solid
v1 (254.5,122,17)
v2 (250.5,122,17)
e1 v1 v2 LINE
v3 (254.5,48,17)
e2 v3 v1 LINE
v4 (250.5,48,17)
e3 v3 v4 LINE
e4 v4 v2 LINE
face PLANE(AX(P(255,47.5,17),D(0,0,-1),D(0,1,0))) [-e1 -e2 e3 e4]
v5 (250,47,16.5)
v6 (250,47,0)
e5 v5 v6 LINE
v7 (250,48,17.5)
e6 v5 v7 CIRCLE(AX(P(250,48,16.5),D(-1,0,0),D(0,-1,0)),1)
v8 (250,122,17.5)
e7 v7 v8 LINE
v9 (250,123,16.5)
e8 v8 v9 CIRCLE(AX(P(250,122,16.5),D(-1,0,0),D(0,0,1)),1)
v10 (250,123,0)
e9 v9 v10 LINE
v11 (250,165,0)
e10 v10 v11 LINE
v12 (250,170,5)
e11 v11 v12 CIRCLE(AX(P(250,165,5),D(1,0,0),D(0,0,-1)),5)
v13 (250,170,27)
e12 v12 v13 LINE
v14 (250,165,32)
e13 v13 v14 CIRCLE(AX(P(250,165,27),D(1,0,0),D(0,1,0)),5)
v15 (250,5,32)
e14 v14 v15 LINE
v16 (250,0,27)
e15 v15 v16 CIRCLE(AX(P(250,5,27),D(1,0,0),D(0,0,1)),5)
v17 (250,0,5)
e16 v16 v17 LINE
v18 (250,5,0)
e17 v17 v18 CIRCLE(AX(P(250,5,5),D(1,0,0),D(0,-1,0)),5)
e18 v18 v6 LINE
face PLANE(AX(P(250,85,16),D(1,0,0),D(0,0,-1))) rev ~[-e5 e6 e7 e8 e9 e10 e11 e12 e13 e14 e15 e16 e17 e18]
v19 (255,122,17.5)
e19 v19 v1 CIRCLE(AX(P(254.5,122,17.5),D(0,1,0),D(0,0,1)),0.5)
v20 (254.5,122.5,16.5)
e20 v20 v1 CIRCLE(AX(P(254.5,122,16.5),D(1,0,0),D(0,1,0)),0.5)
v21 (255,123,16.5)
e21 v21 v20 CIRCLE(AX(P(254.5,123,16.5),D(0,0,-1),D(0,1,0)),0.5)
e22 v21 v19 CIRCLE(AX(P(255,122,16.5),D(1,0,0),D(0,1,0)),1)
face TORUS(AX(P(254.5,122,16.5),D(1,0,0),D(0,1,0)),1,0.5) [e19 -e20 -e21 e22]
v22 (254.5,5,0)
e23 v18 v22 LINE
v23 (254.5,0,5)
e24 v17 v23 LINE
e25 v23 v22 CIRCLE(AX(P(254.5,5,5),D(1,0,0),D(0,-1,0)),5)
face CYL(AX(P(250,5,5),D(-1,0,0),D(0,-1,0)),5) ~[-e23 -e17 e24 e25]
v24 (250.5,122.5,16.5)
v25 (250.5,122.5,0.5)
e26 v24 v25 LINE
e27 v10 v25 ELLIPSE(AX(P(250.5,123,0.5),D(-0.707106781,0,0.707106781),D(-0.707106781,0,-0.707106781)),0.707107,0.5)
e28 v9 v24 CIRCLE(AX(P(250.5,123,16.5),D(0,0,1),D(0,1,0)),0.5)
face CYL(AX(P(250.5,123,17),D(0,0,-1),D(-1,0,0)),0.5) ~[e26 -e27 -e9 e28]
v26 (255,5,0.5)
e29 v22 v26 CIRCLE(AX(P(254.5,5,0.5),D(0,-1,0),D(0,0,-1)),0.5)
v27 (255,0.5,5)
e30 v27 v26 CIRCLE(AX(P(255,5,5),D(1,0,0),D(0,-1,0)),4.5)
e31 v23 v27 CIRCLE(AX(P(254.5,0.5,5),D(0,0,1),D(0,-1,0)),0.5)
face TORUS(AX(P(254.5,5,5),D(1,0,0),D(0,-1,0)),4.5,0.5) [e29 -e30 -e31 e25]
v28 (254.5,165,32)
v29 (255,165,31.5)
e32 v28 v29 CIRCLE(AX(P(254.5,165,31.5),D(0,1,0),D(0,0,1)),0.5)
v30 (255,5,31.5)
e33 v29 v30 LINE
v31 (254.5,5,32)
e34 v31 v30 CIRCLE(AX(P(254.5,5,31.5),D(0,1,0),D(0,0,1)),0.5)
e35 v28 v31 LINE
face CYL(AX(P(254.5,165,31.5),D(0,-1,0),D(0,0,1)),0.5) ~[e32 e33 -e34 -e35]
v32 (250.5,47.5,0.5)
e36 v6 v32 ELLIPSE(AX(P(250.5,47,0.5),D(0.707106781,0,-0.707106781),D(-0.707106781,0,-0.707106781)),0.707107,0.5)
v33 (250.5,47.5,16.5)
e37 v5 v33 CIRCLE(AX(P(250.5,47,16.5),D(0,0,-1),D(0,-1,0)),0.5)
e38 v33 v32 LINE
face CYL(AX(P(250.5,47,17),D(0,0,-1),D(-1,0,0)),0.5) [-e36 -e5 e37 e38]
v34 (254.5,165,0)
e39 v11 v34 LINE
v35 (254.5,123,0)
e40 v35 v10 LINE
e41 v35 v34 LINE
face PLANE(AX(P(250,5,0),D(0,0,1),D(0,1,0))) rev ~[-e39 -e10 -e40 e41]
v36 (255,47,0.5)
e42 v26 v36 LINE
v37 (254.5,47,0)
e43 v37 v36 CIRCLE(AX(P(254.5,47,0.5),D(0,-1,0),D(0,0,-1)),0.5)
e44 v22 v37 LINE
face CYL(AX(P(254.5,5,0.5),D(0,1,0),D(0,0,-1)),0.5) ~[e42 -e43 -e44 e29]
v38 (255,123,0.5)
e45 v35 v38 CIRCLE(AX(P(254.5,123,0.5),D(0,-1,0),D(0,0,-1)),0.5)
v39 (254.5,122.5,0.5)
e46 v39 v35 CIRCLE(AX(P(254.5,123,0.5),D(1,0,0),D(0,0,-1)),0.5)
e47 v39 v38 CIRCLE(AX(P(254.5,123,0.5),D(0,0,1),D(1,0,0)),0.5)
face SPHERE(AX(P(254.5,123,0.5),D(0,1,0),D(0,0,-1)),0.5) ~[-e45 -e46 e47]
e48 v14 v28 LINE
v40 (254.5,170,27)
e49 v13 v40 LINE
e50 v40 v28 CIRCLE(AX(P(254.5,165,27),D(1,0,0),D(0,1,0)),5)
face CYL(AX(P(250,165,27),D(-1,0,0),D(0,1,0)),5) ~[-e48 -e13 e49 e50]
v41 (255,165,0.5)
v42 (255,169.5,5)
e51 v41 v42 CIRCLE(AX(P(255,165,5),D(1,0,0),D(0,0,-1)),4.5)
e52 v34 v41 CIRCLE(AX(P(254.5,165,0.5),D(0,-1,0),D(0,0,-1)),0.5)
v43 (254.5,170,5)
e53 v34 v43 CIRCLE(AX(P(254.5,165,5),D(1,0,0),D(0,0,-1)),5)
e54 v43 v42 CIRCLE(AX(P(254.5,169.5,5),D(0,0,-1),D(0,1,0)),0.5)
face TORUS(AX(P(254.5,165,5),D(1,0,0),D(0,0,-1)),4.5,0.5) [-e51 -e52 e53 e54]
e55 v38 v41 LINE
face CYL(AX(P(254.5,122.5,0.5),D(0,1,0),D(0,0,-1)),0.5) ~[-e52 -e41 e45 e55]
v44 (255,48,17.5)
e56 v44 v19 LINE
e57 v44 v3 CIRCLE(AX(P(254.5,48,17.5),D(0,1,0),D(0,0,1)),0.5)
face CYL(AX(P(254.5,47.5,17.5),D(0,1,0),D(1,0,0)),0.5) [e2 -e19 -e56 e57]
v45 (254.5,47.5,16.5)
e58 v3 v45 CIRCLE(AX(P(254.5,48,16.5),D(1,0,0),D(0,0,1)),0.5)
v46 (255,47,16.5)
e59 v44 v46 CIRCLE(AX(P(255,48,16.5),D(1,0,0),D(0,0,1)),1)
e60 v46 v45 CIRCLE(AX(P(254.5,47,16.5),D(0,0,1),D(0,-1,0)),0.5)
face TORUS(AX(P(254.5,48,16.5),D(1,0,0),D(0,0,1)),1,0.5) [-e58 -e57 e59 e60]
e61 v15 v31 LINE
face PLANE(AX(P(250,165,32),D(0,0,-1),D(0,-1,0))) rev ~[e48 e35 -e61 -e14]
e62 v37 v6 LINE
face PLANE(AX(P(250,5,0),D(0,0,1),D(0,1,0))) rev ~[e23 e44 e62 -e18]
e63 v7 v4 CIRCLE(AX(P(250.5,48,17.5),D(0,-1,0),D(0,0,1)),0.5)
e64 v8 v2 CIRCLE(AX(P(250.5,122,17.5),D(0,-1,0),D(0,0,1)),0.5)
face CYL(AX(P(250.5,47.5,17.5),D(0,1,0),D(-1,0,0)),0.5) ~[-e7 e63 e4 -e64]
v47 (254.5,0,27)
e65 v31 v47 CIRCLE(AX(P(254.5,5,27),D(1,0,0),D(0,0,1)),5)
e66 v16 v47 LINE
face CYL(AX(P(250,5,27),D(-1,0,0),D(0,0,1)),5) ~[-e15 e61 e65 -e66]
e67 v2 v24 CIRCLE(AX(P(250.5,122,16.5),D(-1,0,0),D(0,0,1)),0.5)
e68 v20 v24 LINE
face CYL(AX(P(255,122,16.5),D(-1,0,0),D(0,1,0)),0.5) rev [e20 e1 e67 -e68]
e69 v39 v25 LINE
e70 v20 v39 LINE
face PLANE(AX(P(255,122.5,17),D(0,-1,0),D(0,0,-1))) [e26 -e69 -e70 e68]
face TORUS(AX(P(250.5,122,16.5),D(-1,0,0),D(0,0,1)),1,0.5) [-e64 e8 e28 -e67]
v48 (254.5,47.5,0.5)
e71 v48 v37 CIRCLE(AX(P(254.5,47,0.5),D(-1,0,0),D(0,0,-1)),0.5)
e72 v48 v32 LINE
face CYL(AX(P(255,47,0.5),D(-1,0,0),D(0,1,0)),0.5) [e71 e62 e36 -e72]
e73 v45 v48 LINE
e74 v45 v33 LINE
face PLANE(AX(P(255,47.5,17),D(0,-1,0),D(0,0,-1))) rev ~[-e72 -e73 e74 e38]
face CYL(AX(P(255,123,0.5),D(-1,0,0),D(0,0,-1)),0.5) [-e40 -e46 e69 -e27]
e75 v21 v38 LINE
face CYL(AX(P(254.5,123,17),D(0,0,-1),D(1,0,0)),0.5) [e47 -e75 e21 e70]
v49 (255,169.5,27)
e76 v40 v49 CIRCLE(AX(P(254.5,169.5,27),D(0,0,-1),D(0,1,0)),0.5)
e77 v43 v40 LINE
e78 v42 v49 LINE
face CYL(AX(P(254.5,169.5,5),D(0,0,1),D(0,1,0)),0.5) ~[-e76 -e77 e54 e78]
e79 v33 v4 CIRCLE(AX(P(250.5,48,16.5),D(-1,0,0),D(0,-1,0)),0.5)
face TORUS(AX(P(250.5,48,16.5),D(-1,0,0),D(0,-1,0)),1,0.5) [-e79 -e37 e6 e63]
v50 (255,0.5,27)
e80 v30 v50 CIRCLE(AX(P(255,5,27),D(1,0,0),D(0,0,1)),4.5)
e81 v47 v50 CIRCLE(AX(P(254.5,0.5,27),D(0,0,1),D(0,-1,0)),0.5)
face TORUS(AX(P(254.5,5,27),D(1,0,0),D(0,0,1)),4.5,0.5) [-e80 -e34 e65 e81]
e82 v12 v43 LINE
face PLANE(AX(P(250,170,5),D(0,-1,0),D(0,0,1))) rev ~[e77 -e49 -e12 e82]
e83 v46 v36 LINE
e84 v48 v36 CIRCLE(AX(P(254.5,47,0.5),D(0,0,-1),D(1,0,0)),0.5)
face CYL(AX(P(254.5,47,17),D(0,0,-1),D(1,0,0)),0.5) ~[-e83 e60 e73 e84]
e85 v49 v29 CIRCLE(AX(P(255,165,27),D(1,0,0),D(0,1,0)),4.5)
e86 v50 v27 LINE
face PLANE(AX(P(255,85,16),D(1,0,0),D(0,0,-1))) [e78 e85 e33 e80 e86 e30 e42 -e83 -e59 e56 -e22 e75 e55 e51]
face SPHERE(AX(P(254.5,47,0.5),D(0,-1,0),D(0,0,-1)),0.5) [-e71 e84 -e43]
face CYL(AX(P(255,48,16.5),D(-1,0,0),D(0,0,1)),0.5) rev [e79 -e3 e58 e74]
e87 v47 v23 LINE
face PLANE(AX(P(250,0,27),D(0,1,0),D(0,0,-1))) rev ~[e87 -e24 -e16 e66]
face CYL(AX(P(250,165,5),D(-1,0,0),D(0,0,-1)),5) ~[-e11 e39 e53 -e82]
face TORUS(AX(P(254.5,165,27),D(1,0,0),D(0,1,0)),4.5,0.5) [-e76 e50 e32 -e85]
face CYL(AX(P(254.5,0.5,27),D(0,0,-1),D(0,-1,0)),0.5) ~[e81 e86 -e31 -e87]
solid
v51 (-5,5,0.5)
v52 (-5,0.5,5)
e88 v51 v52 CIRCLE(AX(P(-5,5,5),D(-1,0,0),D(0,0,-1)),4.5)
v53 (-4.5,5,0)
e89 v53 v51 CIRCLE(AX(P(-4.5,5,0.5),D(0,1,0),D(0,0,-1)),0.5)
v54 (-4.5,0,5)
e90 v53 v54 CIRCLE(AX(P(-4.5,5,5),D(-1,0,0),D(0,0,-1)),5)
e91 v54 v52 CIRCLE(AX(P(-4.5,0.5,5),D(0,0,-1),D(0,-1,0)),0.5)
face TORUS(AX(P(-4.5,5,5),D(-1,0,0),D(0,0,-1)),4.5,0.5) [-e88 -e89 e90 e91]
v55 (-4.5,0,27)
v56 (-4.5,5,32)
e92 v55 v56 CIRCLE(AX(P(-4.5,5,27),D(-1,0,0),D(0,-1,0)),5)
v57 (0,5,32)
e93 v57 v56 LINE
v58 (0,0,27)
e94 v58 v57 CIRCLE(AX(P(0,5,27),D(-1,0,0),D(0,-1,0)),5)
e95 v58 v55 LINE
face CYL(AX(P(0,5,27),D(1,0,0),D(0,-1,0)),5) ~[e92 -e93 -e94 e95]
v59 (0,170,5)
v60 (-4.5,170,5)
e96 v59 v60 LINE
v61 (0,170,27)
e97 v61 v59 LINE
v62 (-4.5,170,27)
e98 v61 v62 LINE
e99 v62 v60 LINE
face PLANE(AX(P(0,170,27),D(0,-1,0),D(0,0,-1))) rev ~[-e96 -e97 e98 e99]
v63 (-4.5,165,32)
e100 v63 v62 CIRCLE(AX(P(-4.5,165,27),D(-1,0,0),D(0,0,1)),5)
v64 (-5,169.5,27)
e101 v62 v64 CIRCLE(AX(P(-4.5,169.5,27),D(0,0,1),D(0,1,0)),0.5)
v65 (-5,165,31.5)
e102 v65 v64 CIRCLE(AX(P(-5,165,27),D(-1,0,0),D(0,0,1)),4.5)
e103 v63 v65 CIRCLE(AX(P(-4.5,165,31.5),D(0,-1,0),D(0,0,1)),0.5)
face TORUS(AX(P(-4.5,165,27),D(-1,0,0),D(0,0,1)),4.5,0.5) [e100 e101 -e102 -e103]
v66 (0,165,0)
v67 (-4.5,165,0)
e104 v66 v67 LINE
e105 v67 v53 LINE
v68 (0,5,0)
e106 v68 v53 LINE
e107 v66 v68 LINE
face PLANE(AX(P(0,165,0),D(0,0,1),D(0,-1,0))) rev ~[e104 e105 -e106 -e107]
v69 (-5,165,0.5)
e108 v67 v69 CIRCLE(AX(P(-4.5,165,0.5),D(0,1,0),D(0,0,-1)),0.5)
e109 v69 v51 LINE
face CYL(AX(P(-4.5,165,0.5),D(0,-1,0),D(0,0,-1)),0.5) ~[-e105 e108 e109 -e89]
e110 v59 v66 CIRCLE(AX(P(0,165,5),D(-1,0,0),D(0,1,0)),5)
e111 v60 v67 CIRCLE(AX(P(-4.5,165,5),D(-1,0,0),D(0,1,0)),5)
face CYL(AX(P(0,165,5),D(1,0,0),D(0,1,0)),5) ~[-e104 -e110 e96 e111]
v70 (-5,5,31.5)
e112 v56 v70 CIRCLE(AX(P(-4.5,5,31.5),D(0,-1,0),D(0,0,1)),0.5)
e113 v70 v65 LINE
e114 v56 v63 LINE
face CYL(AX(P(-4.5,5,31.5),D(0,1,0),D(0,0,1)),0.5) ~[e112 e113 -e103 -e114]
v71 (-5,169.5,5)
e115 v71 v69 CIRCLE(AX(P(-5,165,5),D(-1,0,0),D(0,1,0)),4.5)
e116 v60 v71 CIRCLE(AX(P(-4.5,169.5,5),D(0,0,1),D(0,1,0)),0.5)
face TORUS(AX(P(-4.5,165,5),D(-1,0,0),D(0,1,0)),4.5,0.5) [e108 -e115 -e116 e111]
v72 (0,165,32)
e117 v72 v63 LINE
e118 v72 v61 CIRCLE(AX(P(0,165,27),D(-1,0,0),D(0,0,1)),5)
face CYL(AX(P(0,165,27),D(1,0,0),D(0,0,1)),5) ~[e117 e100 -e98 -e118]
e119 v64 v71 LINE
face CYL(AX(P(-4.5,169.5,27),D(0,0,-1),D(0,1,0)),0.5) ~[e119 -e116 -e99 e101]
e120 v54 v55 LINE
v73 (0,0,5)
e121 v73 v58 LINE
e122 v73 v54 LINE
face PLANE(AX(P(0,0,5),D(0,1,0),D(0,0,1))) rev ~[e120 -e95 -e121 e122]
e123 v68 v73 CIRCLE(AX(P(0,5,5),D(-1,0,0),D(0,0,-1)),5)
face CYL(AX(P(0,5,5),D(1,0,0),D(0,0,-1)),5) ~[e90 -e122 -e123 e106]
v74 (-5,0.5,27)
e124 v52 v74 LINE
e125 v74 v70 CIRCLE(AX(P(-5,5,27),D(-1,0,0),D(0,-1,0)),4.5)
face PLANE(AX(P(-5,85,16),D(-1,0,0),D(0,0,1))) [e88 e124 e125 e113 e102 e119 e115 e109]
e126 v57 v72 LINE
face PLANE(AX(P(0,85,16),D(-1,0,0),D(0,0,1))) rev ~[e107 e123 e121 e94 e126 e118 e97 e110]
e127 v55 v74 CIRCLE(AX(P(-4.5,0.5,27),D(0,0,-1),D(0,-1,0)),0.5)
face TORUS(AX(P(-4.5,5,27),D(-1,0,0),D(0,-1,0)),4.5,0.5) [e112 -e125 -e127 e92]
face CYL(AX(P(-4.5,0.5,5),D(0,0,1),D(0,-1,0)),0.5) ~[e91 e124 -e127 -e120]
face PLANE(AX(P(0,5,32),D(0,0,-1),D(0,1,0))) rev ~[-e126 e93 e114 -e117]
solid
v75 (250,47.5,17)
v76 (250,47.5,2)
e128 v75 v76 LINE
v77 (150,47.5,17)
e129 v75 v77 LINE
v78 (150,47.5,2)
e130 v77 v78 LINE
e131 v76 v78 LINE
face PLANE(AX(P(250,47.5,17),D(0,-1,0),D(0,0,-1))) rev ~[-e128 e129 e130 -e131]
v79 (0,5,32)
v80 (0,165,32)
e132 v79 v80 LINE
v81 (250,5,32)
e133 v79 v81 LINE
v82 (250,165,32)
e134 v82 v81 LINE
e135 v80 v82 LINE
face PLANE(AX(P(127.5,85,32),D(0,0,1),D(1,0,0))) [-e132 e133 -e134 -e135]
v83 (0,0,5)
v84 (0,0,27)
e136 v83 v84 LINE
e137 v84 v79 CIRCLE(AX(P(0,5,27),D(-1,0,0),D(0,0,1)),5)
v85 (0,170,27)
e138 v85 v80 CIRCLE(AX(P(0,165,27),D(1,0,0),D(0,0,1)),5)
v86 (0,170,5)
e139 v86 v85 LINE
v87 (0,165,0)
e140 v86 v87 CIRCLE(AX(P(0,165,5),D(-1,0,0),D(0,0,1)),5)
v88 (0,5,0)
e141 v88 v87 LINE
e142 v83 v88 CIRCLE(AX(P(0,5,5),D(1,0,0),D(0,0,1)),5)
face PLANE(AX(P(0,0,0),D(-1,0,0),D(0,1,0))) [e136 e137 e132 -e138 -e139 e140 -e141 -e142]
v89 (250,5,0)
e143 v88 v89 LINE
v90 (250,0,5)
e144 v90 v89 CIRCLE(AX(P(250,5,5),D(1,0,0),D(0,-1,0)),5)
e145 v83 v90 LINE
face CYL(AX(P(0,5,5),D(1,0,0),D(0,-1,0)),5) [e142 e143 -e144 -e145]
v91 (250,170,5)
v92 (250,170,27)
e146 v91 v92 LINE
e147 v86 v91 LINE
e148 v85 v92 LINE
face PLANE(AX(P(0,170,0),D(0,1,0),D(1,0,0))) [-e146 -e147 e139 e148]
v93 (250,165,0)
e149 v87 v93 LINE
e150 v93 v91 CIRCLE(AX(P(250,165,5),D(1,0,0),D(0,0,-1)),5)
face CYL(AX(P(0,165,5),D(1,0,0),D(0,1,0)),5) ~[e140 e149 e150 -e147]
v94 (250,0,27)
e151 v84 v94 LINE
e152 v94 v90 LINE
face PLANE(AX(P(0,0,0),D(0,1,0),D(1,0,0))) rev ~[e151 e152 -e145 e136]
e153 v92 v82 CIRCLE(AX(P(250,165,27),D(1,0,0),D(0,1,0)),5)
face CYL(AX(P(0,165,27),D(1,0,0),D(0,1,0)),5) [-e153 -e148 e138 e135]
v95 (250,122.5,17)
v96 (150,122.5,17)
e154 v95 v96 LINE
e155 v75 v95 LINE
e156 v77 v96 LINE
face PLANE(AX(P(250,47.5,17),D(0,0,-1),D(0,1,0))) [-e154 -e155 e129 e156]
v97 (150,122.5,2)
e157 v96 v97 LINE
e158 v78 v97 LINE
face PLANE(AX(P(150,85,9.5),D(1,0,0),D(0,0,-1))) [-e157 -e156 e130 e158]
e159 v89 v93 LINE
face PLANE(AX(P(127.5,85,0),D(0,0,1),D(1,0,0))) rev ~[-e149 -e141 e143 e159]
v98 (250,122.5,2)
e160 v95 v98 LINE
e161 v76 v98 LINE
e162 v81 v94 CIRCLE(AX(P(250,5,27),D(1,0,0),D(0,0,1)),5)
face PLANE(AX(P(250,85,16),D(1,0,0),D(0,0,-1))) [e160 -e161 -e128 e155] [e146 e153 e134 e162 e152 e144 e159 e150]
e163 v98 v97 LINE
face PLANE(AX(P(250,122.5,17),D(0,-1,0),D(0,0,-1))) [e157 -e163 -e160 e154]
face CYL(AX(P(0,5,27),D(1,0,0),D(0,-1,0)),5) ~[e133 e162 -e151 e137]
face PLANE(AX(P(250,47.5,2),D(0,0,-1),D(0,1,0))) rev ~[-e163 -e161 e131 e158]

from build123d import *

# Parameters (mm, degrees)
SKETCH1_W           = 255
SKETCH1_H           = 170
BOSS_EXTRUDE1_DEPTH = 32
FILLET1_R           = 5
CUT_EXTRUDE1_DEPTH  = 5
BOSS_EXTRUDE2_DEPTH = 5
SKETCH4_W           = 17
SKETCH4_H           = 75
CUT_EXTRUDE2_DEPTH  = 5
SKETCH5_W           = 15
SKETCH5_H           = 75
CUT_EXTRUDE3_DEPTH  = 100
FILLET2_R           = 0.5
BOSS_EXTRUDE3_DEPTH = 5
FILLET3_R           = 0.5


with BuildPart() as part:
    # Sketch1 → Boss-Extrude1 (new body)
    with BuildSketch(Plane.XY):
        with Locations((127.5, 85)):
            Rectangle(SKETCH1_W, SKETCH1_H)
    extrude(amount=BOSS_EXTRUDE1_DEPTH)

    # Fillet1
    fillet1_edges = [part.edges().sort_by_distance(p)[0] for p in [
        (127.5, 170, 32),
        (127.5, 170, 0),
        (127.5, 0, 0),
        (127.5, 0, 32),
    ]]
    fillet(fillet1_edges, radius=FILLET1_R)

    # Sketch2 → Cut-Extrude1 (cut)
    with BuildSketch(Plane(origin=(255, 0, 0), x_dir=(0, 0, -1), z_dir=(1, 0, 0))):
        with BuildLine():
            Line((-32, 165), (-32, 5))
            ThreePointArc((-32, 5), (-30.535533906, 1.464466094), (-27, 0))
            Line((-27, 0), (-5, 0))
            ThreePointArc((-5, 0), (-1.464466094, 1.464466094), (0, 5))
            Line((0, 5), (0, 165))
            ThreePointArc((0, 165), (-1.464466094, 168.535533906), (-5, 170))
            Line((-5, 170), (-27, 170))
            ThreePointArc((-27, 170), (-30.535533906, 168.535533906), (-32, 165))
        make_face()
    extrude(amount=-CUT_EXTRUDE1_DEPTH, mode=Mode.SUBTRACT)

    # Sketch5 → Cut-Extrude3 (cut)
    with BuildSketch(Plane(origin=(250, 0, 0), x_dir=(0, 0, -1), z_dir=(1, 0, 0))):
        with Locations((-9.5, 85)):
            Rectangle(SKETCH5_W, SKETCH5_H)
    extrude(amount=-CUT_EXTRUDE3_DEPTH, mode=Mode.SUBTRACT)


with BuildPart() as body_2:
    # Sketch3 → Boss-Extrude2 (new body)
    with BuildSketch(Plane(origin=(250, 0, 0), x_dir=(0, 0, -1), z_dir=(1, 0, 0))):
        with BuildLine():
            Line((-32, 165), (-32, 5))
            ThreePointArc((-32, 5), (-30.535533906, 1.464466094), (-27, 0))
            Line((-27, 0), (-5, 0))
            ThreePointArc((-5, 0), (-1.464466094, 1.464466094), (0, 5))
            Line((0, 5), (0, 165))
            ThreePointArc((0, 165), (-1.464466094, 168.535533906), (-5, 170))
            Line((-5, 170), (-27, 170))
            ThreePointArc((-27, 170), (-30.535533906, 168.535533906), (-32, 165))
        make_face()
    extrude(amount=BOSS_EXTRUDE2_DEPTH)

    # Sketch4 → Cut-Extrude2 (cut)
    with BuildSketch(Plane(origin=(255, 0, 0), x_dir=(0, 0, -1), z_dir=(1, 0, 0))):
        with Locations((-8.5, 85)):
            Rectangle(SKETCH4_W, SKETCH4_H)
    extrude(amount=-CUT_EXTRUDE2_DEPTH, mode=Mode.SUBTRACT)

    # Fillet2
    fillet2_edges = [body_2.edges().sort_by_distance(p)[0] for p in [
        (255, 1.464466094, 30.535533906),
        (255, 0, 16),
        (255, 1.464466094, 1.464466094),
        (255, 26.25, 0),
        (255, 143.75, 0),
        (255, 168.535533906, 1.464466094),
        (252.5, 122.5, 0),
        (250, 47.5, 8.5),
        (252.5, 47.5, 0),
        (250, 85, 17),
        (252.5, 47.5, 17),
        (250, 122.5, 8.5),
        (252.5, 122.5, 17),
        (255, 122.5, 8.5),
        (255, 170, 16),
        (255, 85, 17),
        (255, 47.5, 8.5),
        (255, 168.535533906, 30.535533906),
        (255, 85, 32),
    ]]
    fillet(fillet2_edges, radius=FILLET2_R)


with BuildPart() as body_3:
    # Sketch6 → Boss-Extrude3 (new body)
    with BuildSketch(Plane.ZY):
        with BuildLine():
            Line((5, 0), (27, 0))
            ThreePointArc((27, 0), (30.535533906, 1.464466094), (32, 5))
            Line((32, 5), (32, 165))
            ThreePointArc((32, 165), (30.535533906, 168.535533906), (27, 170))
            Line((27, 170), (5, 170))
            ThreePointArc((5, 170), (1.464466094, 168.535533906), (0, 165))
            Line((0, 165), (0, 5))
            ThreePointArc((0, 5), (1.464466094, 1.464466094), (5, 0))
        make_face()
    extrude(amount=BOSS_EXTRUDE3_DEPTH)

    # Fillet3
    fillet3_edges = [body_3.edges().sort_by_distance(p)[0] for p in [
        (-5, 1.464466094, 30.535533906),
        (-5, 85, 32),
        (-5, 168.535533906, 30.535533906),
        (-5, 170, 16),
        (-5, 168.535533906, 1.464466094),
        (-5, 85, 0),
        (-5, 1.464466094, 1.464466094),
        (-5, 0, 16),
    ]]
    fillet(fillet3_edges, radius=FILLET3_R)


solid = Compound([part.part, body_2.part, body_3.part])
